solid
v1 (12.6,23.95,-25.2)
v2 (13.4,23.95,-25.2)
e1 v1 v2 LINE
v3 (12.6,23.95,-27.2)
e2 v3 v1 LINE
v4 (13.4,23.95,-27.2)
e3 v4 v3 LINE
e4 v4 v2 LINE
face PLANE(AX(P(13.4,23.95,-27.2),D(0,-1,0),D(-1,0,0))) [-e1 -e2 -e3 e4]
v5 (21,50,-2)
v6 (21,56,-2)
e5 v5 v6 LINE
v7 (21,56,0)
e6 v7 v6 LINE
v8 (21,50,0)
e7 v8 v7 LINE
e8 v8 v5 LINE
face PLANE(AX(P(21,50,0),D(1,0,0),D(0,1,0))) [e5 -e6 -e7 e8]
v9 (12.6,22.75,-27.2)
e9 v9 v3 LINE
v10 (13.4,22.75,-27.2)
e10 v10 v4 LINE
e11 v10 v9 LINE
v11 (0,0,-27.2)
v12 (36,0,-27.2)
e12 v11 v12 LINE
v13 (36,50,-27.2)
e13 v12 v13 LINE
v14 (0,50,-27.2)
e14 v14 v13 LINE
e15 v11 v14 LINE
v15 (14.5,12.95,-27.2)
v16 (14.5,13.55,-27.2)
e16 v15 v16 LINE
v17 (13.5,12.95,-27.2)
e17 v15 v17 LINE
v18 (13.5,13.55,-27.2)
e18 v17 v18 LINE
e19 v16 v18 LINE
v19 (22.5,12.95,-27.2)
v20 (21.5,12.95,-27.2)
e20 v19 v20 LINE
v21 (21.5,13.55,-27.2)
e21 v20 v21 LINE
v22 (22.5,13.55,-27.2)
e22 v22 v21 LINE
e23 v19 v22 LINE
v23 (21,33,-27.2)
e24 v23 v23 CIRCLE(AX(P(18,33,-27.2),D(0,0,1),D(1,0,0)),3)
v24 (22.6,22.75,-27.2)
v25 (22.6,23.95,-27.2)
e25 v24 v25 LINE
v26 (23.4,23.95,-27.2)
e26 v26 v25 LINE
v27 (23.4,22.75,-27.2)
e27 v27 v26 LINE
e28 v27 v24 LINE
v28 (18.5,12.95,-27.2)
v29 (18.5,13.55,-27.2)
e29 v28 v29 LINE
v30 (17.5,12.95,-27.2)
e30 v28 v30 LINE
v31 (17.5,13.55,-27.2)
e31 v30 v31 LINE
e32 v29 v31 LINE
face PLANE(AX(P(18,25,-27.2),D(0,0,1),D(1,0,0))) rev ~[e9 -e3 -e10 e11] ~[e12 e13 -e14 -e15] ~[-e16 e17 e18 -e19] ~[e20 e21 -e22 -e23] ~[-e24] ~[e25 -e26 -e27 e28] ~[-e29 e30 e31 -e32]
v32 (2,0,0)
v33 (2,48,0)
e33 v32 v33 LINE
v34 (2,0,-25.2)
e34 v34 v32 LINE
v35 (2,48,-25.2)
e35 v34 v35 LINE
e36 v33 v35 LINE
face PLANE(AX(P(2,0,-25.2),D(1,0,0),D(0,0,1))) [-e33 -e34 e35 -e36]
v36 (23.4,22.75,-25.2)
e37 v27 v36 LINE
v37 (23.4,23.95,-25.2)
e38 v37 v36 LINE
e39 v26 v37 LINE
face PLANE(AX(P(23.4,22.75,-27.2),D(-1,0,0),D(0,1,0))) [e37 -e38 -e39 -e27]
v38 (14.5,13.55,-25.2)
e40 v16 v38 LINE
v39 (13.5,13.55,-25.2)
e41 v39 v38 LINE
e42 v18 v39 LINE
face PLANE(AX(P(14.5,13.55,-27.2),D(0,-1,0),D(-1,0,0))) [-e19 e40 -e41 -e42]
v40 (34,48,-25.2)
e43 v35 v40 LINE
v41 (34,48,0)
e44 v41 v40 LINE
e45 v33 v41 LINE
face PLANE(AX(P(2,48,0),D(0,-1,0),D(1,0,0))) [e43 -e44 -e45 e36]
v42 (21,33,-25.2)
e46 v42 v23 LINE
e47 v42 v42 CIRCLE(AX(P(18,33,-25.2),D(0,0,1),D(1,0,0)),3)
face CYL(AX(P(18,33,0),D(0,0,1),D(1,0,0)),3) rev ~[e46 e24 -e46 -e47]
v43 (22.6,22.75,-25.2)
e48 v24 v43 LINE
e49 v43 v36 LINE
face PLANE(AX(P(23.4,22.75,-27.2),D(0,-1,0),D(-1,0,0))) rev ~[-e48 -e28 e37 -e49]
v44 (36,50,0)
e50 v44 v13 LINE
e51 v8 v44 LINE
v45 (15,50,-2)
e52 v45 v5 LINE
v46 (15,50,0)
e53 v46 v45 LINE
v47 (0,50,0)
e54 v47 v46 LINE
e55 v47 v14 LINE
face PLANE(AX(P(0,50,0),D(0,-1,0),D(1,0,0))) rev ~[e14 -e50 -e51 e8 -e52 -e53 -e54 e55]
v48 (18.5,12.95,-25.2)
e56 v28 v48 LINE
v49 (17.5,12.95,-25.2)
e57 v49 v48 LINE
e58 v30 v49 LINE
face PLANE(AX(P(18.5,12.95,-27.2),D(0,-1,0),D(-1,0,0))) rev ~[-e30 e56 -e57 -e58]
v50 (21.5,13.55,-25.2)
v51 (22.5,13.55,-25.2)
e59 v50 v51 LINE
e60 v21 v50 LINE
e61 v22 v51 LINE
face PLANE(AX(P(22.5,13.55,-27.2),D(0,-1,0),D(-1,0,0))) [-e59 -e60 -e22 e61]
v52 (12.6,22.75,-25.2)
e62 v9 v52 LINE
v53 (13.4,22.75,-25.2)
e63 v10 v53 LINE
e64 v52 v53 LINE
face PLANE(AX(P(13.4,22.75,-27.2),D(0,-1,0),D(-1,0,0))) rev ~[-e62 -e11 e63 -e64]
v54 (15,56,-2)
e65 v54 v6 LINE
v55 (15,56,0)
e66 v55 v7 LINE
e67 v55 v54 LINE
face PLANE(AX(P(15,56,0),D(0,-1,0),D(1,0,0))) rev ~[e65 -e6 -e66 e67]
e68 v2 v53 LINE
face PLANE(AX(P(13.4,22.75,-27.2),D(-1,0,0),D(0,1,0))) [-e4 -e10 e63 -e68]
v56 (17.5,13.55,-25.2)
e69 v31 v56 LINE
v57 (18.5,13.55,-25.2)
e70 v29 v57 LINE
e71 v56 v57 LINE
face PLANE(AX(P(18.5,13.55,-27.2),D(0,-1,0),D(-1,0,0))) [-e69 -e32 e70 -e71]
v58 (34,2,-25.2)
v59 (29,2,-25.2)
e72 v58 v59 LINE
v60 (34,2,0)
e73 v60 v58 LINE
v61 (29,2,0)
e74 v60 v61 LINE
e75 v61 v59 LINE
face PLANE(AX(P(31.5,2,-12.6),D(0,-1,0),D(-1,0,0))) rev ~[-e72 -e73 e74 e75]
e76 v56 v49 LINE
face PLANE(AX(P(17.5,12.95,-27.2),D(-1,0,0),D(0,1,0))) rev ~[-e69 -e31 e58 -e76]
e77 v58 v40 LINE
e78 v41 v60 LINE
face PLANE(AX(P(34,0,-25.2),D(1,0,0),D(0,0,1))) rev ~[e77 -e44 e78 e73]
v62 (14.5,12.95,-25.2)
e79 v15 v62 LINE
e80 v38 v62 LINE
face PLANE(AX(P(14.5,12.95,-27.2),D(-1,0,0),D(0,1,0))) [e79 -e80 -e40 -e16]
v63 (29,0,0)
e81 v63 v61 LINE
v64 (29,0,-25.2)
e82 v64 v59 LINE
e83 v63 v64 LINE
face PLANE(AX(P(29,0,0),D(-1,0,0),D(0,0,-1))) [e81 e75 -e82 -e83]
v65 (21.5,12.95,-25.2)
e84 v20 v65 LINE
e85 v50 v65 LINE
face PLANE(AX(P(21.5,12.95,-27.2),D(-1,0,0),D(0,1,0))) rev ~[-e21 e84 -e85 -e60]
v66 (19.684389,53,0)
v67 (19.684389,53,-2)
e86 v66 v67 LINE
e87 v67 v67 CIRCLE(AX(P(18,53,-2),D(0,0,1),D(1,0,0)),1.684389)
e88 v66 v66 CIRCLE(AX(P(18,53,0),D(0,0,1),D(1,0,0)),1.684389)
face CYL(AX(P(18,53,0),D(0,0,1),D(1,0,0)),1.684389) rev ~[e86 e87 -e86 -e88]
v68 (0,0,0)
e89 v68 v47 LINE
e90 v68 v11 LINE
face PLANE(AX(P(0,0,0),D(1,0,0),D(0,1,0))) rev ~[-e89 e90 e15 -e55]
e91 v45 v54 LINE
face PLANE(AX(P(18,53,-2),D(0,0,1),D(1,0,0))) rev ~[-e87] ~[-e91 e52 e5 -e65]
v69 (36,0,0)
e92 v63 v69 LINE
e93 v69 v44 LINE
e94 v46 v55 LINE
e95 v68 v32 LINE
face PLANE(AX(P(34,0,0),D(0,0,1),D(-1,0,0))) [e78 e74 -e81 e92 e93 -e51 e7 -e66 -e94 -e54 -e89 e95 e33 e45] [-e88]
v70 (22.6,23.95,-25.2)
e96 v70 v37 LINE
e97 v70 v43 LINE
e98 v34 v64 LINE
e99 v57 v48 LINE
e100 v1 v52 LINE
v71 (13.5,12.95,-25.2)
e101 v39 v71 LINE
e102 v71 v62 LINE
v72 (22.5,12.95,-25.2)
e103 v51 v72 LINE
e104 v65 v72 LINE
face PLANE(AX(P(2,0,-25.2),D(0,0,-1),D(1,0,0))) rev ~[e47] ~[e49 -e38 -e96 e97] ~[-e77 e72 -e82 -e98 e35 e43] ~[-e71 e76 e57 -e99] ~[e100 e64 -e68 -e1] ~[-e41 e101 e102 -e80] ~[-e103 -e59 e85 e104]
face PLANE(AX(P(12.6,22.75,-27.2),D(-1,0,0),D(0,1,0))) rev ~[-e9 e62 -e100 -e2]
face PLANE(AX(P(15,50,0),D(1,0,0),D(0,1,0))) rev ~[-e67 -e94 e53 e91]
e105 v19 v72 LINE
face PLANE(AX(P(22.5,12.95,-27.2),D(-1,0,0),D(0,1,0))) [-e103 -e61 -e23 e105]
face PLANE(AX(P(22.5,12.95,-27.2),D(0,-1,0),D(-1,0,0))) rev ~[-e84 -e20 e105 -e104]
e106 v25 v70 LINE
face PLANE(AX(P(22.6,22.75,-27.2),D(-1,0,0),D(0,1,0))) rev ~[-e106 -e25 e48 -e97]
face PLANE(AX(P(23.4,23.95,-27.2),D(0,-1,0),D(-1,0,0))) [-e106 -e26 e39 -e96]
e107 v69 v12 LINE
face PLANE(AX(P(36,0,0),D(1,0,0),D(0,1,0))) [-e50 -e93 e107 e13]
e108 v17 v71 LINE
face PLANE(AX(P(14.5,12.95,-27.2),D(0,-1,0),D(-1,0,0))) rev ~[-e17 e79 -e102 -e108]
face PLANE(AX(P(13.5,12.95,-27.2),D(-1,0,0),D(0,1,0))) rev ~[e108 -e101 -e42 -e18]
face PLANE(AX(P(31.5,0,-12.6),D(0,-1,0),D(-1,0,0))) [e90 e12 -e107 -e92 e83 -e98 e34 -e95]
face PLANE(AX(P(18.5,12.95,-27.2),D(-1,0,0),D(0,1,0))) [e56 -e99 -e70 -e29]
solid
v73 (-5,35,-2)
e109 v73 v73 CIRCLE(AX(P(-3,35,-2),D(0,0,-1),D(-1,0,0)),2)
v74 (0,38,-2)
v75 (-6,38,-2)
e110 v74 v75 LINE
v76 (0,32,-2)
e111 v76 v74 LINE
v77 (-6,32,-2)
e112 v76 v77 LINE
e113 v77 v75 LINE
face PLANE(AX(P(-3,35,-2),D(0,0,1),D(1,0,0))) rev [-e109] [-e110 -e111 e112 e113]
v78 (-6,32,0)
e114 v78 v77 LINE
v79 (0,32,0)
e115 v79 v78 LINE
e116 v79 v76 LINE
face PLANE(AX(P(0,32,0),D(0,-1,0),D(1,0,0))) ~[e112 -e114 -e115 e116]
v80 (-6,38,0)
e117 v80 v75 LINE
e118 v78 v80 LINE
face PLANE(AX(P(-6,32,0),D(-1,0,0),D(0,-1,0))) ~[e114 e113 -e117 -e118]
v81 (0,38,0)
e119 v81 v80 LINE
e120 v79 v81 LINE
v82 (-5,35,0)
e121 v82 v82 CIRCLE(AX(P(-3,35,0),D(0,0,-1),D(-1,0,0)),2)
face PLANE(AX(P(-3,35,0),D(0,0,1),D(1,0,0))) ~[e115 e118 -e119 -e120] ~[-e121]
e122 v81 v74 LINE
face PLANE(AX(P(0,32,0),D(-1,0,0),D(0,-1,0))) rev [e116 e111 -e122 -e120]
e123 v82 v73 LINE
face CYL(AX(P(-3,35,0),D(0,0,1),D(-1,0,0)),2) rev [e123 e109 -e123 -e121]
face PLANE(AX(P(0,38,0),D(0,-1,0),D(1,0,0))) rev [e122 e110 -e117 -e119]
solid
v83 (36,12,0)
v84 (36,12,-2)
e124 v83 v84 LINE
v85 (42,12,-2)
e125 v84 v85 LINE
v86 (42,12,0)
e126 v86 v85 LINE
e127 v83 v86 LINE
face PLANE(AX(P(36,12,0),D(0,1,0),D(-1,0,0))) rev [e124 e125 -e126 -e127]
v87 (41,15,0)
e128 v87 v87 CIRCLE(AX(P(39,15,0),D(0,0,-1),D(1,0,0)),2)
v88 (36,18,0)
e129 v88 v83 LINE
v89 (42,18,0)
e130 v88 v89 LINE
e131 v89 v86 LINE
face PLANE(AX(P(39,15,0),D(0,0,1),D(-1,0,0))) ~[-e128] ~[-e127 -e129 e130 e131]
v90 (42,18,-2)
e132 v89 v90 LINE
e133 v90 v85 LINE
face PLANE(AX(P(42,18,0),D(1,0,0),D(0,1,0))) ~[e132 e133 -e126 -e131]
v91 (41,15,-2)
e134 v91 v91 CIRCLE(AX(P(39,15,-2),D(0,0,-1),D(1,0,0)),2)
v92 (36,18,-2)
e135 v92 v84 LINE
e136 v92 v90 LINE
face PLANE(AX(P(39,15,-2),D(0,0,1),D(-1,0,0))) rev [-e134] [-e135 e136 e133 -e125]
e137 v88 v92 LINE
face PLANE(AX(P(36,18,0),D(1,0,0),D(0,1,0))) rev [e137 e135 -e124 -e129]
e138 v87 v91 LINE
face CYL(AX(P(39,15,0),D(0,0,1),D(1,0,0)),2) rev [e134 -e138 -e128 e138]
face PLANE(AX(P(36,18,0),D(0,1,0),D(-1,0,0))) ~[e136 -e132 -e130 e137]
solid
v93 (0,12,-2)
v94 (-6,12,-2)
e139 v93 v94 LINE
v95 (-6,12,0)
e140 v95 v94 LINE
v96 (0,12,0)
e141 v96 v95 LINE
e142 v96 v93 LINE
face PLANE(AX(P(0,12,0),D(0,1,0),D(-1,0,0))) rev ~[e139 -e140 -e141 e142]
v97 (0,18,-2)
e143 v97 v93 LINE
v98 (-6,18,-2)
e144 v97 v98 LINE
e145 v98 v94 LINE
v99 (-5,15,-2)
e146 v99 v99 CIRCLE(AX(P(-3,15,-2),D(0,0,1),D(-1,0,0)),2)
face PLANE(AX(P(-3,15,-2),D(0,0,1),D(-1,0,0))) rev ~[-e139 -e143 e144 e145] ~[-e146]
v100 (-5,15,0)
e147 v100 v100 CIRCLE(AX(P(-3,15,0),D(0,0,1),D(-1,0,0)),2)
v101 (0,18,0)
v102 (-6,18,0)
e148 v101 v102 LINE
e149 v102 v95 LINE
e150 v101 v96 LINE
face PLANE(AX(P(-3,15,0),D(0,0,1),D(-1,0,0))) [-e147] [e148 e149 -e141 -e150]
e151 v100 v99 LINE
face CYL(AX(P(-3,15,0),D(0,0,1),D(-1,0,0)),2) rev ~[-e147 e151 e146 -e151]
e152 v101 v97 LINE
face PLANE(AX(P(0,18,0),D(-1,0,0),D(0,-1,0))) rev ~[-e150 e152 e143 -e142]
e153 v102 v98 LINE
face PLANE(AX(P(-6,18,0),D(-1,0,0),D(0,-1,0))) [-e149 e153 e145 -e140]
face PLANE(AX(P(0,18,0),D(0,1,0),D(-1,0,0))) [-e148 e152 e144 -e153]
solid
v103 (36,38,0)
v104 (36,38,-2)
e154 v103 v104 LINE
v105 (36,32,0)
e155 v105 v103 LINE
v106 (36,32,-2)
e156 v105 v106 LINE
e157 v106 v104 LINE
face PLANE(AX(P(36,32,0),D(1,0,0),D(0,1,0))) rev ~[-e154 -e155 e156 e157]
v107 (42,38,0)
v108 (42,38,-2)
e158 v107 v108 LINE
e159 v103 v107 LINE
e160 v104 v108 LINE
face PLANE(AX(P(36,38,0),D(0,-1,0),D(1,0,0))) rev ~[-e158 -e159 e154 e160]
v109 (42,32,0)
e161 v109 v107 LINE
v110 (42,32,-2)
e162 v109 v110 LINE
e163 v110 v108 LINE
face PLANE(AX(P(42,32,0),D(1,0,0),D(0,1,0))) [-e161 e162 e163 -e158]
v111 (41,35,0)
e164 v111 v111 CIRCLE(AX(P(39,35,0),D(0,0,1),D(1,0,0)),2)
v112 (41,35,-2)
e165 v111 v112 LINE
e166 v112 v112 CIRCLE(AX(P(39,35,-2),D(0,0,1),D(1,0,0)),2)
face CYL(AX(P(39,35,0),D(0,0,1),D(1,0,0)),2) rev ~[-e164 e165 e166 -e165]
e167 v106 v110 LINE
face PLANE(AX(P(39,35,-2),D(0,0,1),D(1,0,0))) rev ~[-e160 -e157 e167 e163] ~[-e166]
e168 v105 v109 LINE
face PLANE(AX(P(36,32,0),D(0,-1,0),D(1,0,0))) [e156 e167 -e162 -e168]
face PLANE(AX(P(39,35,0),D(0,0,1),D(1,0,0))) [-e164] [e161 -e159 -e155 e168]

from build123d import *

# Parameters (mm, degrees)
SKETCH1_W           = 36
SKETCH1_H           = 50
BOSS_EXTRUDE1_DEPTH = 27.2
CUT_EXTRUDE1_REACH  = 69.349
SKETCH2_R           = 3
SKETCH8_W           = 32
SKETCH8_H           = 46
CUT_EXTRUDE2_DEPTH  = 25.2
SKETCH12_W          = 1
SKETCH12_H          = 0.6
SKETCH12_W_2        = 0.8
SKETCH12_H_2        = 1.2
CUT_EXTRUDE3_DEPTH  = 25.2
SKETCH14_W          = 32
SKETCH14_H          = 25.2
CUT_EXTRUDE4_DEPTH  = 25.2
SKETCH16_W          = 5
SKETCH16_H          = 25.2
BOSS_EXTRUDE2_DEPTH = 2
SKETCH17_W          = 6
SKETCH17_H          = 6
BOSS_EXTRUDE3_DEPTH = 2
SKETCH18_R          = 2
CUT_EXTRUDE5_DEPTH  = 2
SKETCH20_W          = 6
SKETCH20_H          = 6
BOSS_EXTRUDE4_DEPTH = 2
SKETCH21_R          = 1.684389361
CUT_EXTRUDE6_DEPTH  = 2


with BuildPart() as part:
    # Sketch1 → Boss-Extrude1 (new body)
    with BuildSketch(Plane.XY):
        with Locations((18, 25)):
            Rectangle(SKETCH1_W, SKETCH1_H)
    extrude(amount=-BOSS_EXTRUDE1_DEPTH)

    # Sketch2 → Cut-Extrude1 (cut, up to next)
    with BuildSketch(Plane.XY, mode=Mode.PRIVATE) as cut_extrude1_sk1:
        with Locations((18, 33)):
            Circle(SKETCH2_R)
    cut_extrude1_tool1 = extrude(cut_extrude1_sk1.sketch, amount=-CUT_EXTRUDE1_REACH, mode=Mode.PRIVATE) & part.part
    add(cut_extrude1_tool1.solids().sort_by_distance((18, 33, 0))[0], mode=Mode.SUBTRACT)

    # Sketch8 → Cut-Extrude2 (cut)
    with BuildSketch(Plane.XY):
        with Locations((18, 25)):
            Rectangle(SKETCH8_W, SKETCH8_H)
    extrude(amount=-CUT_EXTRUDE2_DEPTH, mode=Mode.SUBTRACT)

    # Sketch12 → Cut-Extrude3 (cut)
    with BuildSketch(Plane(origin=(0, 0, -27.2), x_dir=(-1, 0, 0), z_dir=(0, 0, -1))):
        with Locations((-14, 13.25)):
            Rectangle(SKETCH12_W, SKETCH12_H)
        with Locations((-18, 13.25)):
            Rectangle(SKETCH12_W, SKETCH12_H)
        with Locations((-22, 13.25)):
            Rectangle(SKETCH12_W, SKETCH12_H)
        with Locations((-13, 23.35)):
            Rectangle(SKETCH12_W_2, SKETCH12_H_2)
        with Locations((-23, 23.35)):
            Rectangle(SKETCH12_W_2, SKETCH12_H_2)
    extrude(amount=-CUT_EXTRUDE3_DEPTH, mode=Mode.SUBTRACT)

    # Sketch14 → Cut-Extrude4 (cut)
    with BuildSketch(Plane.XZ):
        with Locations((18, -12.6)):
            Rectangle(SKETCH14_W, SKETCH14_H)
    extrude(amount=-CUT_EXTRUDE4_DEPTH, mode=Mode.SUBTRACT)

    # Sketch16 → Boss-Extrude2 (add)
    with BuildSketch(Plane(origin=(0, 0, 0), x_dir=(-1, 0, 0), z_dir=(0, -1, 0))):
        with Locations((-31.5, 12.6)):
            Rectangle(SKETCH16_W, SKETCH16_H)
    extrude(amount=-BOSS_EXTRUDE2_DEPTH)

    # Sketch20 → Boss-Extrude4 (add)
    with BuildSketch(Plane.XY):
        with Locations((18, 53)):
            Rectangle(SKETCH20_W, SKETCH20_H)
    extrude(amount=-BOSS_EXTRUDE4_DEPTH)

    # Sketch21 → Cut-Extrude6 (cut)
    with BuildSketch(Plane.XY):
        with Locations((18, 53)):
            Circle(SKETCH21_R)
    extrude(amount=-CUT_EXTRUDE6_DEPTH, mode=Mode.SUBTRACT)


with BuildPart() as body_2:
    # Sketch17 → Boss-Extrude3 (new body)
    with BuildSketch(Plane.XY):
        with Locations((39, 35)):
            Rectangle(SKETCH17_W, SKETCH17_H)
    extrude(amount=-BOSS_EXTRUDE3_DEPTH)

    # Sketch18 → Cut-Extrude5 (cut)
    with BuildSketch(Plane.XY):
        with Locations((39, 35)):
            Circle(SKETCH18_R)
    extrude(amount=-CUT_EXTRUDE5_DEPTH, mode=Mode.SUBTRACT)


with BuildPart() as body_3:
    # Mirror1: mirrored copy
    add(body_2.part.mirror(Plane(origin=(0, 25, 0), x_dir=(0, 0, 1), z_dir=(0, -1, 0))))


with BuildPart() as body_4:
    # Mirror2: mirrored copy
    add(body_2.part.mirror(Plane.ZY.offset(-18)))


with BuildPart() as body_5:
    # Mirror2 2: mirrored copy
    add(body_3.part.mirror(Plane.ZY.offset(-18)))


solid = Compound([part.part, body_2.part, body_3.part, body_4.part, body_5.part])
